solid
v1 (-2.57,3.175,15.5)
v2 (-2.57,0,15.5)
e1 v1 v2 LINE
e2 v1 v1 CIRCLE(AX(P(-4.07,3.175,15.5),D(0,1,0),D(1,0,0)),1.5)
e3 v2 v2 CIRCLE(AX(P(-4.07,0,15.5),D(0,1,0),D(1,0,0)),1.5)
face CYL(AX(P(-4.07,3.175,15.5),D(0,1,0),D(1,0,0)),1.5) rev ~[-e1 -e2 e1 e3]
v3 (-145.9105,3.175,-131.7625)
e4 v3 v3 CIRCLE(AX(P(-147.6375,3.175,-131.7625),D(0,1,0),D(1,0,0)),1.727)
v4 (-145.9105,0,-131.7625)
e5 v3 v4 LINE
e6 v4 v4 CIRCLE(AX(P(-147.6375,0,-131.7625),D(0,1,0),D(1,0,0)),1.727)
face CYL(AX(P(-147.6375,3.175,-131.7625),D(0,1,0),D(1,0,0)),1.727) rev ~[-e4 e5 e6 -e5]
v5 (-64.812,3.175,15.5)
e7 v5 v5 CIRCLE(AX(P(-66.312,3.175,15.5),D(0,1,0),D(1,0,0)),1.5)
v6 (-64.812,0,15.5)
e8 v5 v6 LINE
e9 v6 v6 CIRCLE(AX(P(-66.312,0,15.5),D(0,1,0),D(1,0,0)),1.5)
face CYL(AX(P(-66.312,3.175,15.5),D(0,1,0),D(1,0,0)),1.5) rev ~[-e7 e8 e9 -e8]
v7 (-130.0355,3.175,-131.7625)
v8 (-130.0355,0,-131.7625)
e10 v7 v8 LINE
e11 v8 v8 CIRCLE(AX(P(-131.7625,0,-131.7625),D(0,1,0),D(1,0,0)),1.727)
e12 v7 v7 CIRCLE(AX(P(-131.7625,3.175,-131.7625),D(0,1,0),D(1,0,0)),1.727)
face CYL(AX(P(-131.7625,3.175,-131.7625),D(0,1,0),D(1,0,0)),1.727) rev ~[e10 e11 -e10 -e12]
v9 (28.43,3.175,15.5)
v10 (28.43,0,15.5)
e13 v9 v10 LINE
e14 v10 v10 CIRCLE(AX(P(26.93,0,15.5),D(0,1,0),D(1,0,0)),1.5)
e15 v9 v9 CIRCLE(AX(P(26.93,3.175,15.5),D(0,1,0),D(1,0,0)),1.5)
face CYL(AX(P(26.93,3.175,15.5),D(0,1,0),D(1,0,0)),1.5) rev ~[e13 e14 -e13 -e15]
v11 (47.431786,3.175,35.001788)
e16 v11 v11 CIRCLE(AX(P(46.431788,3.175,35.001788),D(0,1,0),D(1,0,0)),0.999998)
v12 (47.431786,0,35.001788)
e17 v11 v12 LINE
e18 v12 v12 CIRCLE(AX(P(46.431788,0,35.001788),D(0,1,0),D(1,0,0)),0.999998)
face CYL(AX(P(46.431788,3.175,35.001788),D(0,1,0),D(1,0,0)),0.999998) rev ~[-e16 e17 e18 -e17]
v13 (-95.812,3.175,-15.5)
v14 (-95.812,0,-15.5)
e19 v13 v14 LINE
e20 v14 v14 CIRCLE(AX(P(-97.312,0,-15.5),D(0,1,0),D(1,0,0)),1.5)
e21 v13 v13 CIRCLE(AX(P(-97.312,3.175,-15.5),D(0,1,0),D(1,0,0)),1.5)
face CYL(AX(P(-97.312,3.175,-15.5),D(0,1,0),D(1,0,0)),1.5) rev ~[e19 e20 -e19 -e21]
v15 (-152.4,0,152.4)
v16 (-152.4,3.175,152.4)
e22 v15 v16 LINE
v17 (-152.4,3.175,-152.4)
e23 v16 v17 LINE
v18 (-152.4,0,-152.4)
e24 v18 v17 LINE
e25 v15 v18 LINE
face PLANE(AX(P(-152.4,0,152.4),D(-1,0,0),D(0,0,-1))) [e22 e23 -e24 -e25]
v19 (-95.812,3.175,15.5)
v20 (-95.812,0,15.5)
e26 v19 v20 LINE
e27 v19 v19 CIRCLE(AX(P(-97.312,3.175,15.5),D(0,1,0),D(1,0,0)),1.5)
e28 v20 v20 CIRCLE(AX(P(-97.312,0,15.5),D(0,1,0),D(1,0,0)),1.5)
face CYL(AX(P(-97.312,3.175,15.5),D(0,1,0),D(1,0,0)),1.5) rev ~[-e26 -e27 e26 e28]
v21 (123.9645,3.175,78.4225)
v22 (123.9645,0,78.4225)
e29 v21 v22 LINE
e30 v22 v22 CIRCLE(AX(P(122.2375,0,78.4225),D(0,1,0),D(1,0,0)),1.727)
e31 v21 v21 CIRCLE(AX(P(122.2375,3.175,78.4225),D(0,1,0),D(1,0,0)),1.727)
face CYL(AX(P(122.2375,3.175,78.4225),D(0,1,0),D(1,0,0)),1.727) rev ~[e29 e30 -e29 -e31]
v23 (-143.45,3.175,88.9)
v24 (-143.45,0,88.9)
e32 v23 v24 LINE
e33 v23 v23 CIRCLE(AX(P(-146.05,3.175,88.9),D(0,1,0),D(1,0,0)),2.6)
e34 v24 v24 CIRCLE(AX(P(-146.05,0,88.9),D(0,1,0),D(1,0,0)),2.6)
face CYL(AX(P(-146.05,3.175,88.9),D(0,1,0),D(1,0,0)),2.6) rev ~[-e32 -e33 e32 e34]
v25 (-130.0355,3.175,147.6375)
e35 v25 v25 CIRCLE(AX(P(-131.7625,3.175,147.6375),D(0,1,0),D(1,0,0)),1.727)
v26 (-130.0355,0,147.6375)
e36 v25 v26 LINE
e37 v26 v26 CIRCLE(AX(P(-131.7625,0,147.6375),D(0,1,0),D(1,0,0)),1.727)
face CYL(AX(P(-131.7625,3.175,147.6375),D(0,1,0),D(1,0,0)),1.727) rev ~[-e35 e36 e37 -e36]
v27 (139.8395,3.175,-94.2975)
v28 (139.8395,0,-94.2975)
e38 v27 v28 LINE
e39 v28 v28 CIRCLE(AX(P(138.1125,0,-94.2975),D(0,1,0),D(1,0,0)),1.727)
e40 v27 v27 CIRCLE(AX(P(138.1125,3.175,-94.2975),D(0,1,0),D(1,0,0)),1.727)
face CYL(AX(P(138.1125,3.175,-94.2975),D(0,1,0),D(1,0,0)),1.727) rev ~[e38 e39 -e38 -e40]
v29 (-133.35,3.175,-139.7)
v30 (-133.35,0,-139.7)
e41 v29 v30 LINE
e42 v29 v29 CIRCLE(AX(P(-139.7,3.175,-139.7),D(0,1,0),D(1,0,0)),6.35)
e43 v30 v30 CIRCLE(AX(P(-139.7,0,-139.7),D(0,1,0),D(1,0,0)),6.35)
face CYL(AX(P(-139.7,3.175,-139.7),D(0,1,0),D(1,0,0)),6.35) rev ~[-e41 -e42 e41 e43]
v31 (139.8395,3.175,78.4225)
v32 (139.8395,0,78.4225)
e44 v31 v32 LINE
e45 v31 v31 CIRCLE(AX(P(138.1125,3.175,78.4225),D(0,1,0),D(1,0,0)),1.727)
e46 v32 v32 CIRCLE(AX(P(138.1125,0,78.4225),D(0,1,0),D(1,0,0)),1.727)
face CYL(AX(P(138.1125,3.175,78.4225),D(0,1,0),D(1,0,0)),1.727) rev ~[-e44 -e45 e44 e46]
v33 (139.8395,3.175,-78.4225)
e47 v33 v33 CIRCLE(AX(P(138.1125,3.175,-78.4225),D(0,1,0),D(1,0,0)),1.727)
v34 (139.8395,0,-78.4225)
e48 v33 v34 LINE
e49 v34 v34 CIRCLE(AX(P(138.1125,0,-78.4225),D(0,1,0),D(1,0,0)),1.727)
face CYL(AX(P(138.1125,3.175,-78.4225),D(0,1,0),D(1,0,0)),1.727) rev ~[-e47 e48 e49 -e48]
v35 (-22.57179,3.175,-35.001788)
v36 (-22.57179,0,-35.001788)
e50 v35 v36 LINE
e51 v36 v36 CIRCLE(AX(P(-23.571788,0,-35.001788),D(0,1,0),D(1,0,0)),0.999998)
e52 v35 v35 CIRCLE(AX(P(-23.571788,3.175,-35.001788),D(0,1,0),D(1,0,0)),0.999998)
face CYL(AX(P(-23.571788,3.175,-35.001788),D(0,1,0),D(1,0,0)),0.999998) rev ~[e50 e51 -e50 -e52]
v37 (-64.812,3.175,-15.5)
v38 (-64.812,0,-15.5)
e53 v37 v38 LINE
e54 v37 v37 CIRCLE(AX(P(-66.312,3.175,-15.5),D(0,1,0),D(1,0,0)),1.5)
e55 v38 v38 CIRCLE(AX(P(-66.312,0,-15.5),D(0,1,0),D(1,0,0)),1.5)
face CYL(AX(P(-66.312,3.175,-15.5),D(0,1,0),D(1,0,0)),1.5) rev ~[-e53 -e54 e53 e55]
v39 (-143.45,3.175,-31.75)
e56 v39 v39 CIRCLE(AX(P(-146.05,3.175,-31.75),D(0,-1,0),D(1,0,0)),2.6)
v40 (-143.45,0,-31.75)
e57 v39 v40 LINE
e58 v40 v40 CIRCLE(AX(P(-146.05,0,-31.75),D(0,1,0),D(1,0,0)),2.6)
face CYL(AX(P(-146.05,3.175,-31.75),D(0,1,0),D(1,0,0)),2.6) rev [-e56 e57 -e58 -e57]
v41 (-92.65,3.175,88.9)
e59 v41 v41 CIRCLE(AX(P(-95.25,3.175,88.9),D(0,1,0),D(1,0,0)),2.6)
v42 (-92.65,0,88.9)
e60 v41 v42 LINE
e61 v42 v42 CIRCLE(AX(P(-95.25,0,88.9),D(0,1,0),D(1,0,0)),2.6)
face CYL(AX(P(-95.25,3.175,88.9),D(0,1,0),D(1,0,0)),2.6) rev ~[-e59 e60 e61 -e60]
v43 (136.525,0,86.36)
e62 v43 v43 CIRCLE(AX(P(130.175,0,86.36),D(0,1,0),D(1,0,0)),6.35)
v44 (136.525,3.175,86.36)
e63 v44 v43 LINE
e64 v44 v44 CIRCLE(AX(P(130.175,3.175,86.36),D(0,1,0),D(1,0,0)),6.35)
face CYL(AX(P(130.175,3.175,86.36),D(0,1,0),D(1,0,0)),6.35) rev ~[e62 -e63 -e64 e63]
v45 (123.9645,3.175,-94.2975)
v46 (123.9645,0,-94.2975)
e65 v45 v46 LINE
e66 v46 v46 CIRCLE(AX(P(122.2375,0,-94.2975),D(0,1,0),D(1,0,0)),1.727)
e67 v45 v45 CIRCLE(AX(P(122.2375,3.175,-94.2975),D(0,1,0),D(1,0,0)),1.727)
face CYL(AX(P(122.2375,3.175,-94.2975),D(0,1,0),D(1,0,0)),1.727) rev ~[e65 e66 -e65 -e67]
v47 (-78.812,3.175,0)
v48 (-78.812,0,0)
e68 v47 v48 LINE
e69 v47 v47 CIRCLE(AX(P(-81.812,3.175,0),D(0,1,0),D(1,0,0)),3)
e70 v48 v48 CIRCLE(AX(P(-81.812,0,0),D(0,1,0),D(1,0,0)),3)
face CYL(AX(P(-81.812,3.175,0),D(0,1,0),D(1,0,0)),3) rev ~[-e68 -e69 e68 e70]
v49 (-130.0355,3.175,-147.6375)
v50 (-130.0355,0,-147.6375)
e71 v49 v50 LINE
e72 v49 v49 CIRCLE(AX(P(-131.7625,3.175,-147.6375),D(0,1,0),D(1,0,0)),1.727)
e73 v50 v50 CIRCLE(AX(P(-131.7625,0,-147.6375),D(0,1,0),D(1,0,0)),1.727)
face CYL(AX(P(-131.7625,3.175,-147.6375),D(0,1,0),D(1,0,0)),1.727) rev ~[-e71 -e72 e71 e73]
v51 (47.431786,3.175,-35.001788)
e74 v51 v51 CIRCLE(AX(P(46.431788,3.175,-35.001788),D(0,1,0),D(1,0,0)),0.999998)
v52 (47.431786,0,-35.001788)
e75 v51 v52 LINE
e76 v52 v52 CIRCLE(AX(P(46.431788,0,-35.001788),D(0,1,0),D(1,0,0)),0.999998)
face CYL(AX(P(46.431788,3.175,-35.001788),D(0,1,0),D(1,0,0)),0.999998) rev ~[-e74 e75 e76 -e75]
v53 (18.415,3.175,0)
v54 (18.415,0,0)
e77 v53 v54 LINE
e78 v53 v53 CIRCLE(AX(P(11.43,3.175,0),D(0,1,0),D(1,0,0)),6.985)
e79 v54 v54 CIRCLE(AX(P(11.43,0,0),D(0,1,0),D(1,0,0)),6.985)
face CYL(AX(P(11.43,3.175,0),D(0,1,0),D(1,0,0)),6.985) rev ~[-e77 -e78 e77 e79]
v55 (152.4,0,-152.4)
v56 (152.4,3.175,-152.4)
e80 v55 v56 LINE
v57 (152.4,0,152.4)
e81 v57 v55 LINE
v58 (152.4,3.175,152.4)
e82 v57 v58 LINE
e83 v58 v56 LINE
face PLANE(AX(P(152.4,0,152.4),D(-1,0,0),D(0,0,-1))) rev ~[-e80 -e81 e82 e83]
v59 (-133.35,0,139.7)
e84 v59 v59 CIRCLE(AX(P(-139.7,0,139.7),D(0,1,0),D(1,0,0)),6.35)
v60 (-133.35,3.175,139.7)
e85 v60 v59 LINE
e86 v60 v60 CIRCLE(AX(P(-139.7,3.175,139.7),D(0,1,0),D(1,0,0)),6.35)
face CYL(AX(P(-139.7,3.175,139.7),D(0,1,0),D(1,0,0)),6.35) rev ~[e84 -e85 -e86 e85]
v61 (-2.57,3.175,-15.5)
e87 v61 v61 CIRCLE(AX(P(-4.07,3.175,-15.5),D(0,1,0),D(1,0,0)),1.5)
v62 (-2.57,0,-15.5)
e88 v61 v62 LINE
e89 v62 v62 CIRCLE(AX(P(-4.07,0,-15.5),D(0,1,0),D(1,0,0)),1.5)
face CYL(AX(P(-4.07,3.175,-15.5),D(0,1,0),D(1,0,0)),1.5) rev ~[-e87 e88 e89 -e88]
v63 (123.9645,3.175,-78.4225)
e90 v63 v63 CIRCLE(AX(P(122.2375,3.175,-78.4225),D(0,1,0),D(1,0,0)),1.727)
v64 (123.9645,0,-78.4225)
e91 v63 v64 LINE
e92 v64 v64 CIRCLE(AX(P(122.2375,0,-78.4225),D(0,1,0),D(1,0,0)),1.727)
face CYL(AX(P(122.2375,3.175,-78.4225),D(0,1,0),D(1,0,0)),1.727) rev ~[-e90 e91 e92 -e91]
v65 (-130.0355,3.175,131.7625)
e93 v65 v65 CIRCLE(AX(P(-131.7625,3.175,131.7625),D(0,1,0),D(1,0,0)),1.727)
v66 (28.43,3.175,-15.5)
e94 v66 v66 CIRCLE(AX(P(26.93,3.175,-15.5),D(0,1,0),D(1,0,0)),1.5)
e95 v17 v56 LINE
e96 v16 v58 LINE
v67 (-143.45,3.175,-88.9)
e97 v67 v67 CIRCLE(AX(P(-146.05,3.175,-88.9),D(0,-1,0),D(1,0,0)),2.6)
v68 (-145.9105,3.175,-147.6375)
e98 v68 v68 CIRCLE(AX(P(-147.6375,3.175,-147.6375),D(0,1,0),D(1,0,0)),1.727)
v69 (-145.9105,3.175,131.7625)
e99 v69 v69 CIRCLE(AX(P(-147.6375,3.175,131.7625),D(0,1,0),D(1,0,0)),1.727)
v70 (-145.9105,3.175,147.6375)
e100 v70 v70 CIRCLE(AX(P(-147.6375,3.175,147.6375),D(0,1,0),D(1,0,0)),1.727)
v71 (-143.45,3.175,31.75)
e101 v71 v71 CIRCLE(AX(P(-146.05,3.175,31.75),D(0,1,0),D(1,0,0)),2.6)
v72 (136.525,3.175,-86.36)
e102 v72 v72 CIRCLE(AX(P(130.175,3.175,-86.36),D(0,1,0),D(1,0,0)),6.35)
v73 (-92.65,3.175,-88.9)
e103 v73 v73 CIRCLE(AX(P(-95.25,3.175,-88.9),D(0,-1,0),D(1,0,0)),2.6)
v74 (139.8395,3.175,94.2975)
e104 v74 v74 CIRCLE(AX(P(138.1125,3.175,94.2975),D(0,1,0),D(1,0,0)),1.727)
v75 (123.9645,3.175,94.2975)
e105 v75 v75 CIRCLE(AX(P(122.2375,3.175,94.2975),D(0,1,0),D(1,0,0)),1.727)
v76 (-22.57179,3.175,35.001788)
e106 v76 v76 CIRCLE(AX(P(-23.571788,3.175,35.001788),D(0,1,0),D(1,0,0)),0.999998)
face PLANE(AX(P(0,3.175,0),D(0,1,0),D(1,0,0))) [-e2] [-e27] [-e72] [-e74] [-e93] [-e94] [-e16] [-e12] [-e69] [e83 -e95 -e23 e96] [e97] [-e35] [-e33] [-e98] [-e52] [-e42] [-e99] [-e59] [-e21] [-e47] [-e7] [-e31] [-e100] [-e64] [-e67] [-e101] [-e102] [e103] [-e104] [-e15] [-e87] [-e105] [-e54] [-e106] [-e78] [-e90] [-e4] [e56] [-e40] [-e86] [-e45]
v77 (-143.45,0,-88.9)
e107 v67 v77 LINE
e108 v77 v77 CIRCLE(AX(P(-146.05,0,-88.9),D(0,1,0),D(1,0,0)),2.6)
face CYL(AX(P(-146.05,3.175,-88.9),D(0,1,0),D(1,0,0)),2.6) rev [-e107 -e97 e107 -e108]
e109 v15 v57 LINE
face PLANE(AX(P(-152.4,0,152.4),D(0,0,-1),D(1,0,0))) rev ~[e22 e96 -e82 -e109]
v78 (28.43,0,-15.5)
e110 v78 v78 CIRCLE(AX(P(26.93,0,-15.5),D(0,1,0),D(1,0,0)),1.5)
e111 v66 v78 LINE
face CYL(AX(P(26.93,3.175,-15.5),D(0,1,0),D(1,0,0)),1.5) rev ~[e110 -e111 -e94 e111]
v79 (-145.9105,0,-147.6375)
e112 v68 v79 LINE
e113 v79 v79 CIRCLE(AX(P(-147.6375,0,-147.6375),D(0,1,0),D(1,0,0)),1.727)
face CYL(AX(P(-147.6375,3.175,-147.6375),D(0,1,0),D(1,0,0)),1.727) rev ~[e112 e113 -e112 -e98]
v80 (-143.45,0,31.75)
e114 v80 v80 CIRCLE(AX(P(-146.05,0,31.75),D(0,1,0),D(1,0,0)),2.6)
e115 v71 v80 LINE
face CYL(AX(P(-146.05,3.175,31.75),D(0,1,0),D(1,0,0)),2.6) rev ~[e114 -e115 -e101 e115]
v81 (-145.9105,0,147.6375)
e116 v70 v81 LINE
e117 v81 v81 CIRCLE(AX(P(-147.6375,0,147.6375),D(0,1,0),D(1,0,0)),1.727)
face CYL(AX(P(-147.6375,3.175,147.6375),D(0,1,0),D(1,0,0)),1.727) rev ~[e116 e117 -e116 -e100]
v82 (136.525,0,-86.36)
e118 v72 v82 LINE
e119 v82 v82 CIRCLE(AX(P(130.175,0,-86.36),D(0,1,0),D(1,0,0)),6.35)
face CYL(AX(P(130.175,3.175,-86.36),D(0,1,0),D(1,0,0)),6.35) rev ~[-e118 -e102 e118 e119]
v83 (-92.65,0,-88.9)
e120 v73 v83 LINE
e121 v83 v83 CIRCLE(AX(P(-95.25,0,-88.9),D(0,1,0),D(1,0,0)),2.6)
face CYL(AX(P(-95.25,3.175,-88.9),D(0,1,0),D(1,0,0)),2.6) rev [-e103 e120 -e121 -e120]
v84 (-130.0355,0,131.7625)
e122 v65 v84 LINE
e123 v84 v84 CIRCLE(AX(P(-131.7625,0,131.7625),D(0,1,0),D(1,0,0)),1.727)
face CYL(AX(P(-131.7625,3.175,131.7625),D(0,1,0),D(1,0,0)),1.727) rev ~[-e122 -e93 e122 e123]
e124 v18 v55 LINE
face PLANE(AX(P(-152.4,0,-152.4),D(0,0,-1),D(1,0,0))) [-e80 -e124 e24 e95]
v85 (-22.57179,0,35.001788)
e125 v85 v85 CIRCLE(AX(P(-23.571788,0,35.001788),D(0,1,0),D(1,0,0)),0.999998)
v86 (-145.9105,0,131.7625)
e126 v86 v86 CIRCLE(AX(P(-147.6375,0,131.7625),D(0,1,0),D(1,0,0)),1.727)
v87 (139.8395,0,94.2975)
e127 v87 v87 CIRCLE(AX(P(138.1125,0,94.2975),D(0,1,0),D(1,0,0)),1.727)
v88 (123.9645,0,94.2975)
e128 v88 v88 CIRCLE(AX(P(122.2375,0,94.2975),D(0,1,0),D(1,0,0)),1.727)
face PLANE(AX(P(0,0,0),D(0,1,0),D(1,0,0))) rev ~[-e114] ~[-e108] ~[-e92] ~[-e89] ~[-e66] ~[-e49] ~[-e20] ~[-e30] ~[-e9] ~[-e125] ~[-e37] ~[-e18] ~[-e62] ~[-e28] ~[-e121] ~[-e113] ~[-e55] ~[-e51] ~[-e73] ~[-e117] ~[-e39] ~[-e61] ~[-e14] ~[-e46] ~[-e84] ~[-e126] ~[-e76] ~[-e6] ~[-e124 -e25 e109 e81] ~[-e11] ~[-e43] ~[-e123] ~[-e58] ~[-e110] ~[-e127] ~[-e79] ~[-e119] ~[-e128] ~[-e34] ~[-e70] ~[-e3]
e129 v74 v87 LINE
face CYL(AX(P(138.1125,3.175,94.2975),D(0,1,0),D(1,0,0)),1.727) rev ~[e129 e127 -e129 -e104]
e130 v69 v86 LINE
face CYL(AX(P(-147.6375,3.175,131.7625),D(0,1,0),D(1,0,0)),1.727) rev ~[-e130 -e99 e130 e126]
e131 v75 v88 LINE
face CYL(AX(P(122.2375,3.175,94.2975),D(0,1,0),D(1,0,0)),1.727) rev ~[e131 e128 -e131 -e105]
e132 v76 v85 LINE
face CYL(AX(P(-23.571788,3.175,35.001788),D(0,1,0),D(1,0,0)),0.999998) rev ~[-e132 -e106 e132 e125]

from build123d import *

# Parameters (mm, degrees)
SKETCH1_W               = 304.8
SKETCH1_H               = 304.8
BOSS_EXTRUDE1_DEPTH     = 3.175
SKETCH3_R               = 2.600000007
CUT_EXTRUDE1_DEPTH      = 4.175
SKETCH5_R               = 1.5
SKETCH5_R_2             = 2.999999969
CUT_EXTRUDE2_DEPTH      = 4.175
SKETCH7_R               = 0.999998
CUT_EXTRUDE3_DEPTH      = 4.175
SKETCH9_R               = 1.726999975
SKETCH9_R_2             = 6.35
CUT_EXTRUDE5_DEPTH      = 1
CUT_EXTRUDE5_DEPTH_BACK = 4.175
SKETCH11_R              = 1.5
SKETCH11_R_2            = 6.985
CUT_EXTRUDE6_DEPTH      = 1
CUT_EXTRUDE6_DEPTH_BACK = 4.175


with BuildPart() as part:
    # Sketch1 → Boss-Extrude1 (new body)
    with BuildSketch(Plane(origin=(0, 0, 0), x_dir=(1, 0, 0), z_dir=(0, 1, 0))):
        Rectangle(SKETCH1_W, SKETCH1_H)
    extrude(amount=BOSS_EXTRUDE1_DEPTH)

    # Sketch3 → Cut-Extrude1 (cut, through all)
    with BuildSketch(Plane(origin=(0, 3.175, 0), x_dir=(1, 0, 0), z_dir=(0, 1, 0))):
        with Locations((-146.05, -31.75)):
            Circle(SKETCH3_R)
        with Locations((-95.25, -88.9)):
            Circle(SKETCH3_R)
        with Locations((-146.05, -88.9)):
            Circle(SKETCH3_R)
    cut_extrude1 = extrude(amount=-CUT_EXTRUDE1_DEPTH, mode=Mode.SUBTRACT)

    # Mirror1: Cut-Extrude1 across plane
    add(cut_extrude1.mirror(Plane.XY), mode=Mode.SUBTRACT)

    # Sketch5 → Cut-Extrude2 (cut, through all)
    with BuildSketch(Plane(origin=(0, 3.175, 0), x_dir=(1, 0, 0), z_dir=(0, 1, 0))):
        with Locations((-66.312, 15.5)):
            Circle(SKETCH5_R)
        with Locations((-66.312, -15.5)):
            Circle(SKETCH5_R)
        with Locations((-97.312, 15.5)):
            Circle(SKETCH5_R)
        with Locations((-97.312, -15.5)):
            Circle(SKETCH5_R)
        with Locations((-81.812, 0)):
            Circle(SKETCH5_R_2)
    extrude(amount=-CUT_EXTRUDE2_DEPTH, mode=Mode.SUBTRACT)

    # Sketch7 → Cut-Extrude3 (cut, through all)
    with BuildSketch(Plane(origin=(0, 3.175, 0), x_dir=(1, 0, 0), z_dir=(0, 1, 0))):
        with Locations((46.431787507, -35.001787507)):
            Circle(SKETCH7_R)
        with Locations((-23.571787507, -35.001787507)):
            Circle(SKETCH7_R)
        with Locations((-23.571787507, 35.001787507)):
            Circle(SKETCH7_R)
        with Locations((46.431787507, 35.001787507)):
            Circle(SKETCH7_R)
    extrude(amount=-CUT_EXTRUDE3_DEPTH, mode=Mode.SUBTRACT)

    # Sketch9 → Cut-Extrude5 (cut, two sides)
    with BuildSketch(Plane(origin=(0, 3.175, 0), x_dir=(1, 0, 0), z_dir=(0, 1, 0))) as cut_extrude5_sk:
        with Locations((-131.7625, -147.6375)):
            Circle(SKETCH9_R)
        with Locations((-131.7625, -131.7625)):
            Circle(SKETCH9_R)
        with Locations((-147.6375, -131.7625)):
            Circle(SKETCH9_R)
        with Locations((-147.6375, -147.6375)):
            Circle(SKETCH9_R)
        with Locations((-139.7, -139.7)):
            Circle(SKETCH9_R_2)
        with Locations((138.1125, -94.2975)):
            Circle(SKETCH9_R)
        with Locations((138.1125, -78.4225)):
            Circle(SKETCH9_R)
        with Locations((130.175, -86.36)):
            Circle(SKETCH9_R_2)
        with Locations((122.2375, -78.4225)):
            Circle(SKETCH9_R)
        with Locations((122.2375, -94.2975)):
            Circle(SKETCH9_R)
        with Locations((122.2375, 94.2975)):
            Circle(SKETCH9_R)
        with Locations((122.2375, 78.4225)):
            Circle(SKETCH9_R)
        with Locations((138.1125, 94.2975)):
            Circle(SKETCH9_R)
        with Locations((130.175, 86.36)):
            Circle(SKETCH9_R_2)
        with Locations((138.1125, 78.4225)):
            Circle(SKETCH9_R)
        with Locations((-131.7625, 131.7625)):
            Circle(SKETCH9_R)
        with Locations((-131.7625, 147.6375)):
            Circle(SKETCH9_R)
        with Locations((-147.6375, 147.6375)):
            Circle(SKETCH9_R)
        with Locations((-147.6375, 131.7625)):
            Circle(SKETCH9_R)
        with Locations((-139.7, 139.7)):
            Circle(SKETCH9_R_2)
    extrude(amount=CUT_EXTRUDE5_DEPTH, mode=Mode.SUBTRACT)
    extrude(cut_extrude5_sk.sketch, amount=-CUT_EXTRUDE5_DEPTH_BACK, mode=Mode.SUBTRACT)

    # Sketch11 → Cut-Extrude6 (cut, two sides)
    with BuildSketch(Plane(origin=(0, 3.175, 0), x_dir=(1, 0, 0), z_dir=(0, 1, 0))) as cut_extrude6_sk:
        with Locations((26.93, 15.5)):
            Circle(SKETCH11_R)
        with Locations((26.93, -15.5)):
            Circle(SKETCH11_R)
        with Locations((-4.07, -15.5)):
            Circle(SKETCH11_R)
        with Locations((-4.07, 15.5)):
            Circle(SKETCH11_R)
        with Locations((11.43, 0)):
            Circle(SKETCH11_R_2)
    extrude(amount=CUT_EXTRUDE6_DEPTH, mode=Mode.SUBTRACT)
    extrude(cut_extrude6_sk.sketch, amount=-CUT_EXTRUDE6_DEPTH_BACK, mode=Mode.SUBTRACT)


solid = part.part
